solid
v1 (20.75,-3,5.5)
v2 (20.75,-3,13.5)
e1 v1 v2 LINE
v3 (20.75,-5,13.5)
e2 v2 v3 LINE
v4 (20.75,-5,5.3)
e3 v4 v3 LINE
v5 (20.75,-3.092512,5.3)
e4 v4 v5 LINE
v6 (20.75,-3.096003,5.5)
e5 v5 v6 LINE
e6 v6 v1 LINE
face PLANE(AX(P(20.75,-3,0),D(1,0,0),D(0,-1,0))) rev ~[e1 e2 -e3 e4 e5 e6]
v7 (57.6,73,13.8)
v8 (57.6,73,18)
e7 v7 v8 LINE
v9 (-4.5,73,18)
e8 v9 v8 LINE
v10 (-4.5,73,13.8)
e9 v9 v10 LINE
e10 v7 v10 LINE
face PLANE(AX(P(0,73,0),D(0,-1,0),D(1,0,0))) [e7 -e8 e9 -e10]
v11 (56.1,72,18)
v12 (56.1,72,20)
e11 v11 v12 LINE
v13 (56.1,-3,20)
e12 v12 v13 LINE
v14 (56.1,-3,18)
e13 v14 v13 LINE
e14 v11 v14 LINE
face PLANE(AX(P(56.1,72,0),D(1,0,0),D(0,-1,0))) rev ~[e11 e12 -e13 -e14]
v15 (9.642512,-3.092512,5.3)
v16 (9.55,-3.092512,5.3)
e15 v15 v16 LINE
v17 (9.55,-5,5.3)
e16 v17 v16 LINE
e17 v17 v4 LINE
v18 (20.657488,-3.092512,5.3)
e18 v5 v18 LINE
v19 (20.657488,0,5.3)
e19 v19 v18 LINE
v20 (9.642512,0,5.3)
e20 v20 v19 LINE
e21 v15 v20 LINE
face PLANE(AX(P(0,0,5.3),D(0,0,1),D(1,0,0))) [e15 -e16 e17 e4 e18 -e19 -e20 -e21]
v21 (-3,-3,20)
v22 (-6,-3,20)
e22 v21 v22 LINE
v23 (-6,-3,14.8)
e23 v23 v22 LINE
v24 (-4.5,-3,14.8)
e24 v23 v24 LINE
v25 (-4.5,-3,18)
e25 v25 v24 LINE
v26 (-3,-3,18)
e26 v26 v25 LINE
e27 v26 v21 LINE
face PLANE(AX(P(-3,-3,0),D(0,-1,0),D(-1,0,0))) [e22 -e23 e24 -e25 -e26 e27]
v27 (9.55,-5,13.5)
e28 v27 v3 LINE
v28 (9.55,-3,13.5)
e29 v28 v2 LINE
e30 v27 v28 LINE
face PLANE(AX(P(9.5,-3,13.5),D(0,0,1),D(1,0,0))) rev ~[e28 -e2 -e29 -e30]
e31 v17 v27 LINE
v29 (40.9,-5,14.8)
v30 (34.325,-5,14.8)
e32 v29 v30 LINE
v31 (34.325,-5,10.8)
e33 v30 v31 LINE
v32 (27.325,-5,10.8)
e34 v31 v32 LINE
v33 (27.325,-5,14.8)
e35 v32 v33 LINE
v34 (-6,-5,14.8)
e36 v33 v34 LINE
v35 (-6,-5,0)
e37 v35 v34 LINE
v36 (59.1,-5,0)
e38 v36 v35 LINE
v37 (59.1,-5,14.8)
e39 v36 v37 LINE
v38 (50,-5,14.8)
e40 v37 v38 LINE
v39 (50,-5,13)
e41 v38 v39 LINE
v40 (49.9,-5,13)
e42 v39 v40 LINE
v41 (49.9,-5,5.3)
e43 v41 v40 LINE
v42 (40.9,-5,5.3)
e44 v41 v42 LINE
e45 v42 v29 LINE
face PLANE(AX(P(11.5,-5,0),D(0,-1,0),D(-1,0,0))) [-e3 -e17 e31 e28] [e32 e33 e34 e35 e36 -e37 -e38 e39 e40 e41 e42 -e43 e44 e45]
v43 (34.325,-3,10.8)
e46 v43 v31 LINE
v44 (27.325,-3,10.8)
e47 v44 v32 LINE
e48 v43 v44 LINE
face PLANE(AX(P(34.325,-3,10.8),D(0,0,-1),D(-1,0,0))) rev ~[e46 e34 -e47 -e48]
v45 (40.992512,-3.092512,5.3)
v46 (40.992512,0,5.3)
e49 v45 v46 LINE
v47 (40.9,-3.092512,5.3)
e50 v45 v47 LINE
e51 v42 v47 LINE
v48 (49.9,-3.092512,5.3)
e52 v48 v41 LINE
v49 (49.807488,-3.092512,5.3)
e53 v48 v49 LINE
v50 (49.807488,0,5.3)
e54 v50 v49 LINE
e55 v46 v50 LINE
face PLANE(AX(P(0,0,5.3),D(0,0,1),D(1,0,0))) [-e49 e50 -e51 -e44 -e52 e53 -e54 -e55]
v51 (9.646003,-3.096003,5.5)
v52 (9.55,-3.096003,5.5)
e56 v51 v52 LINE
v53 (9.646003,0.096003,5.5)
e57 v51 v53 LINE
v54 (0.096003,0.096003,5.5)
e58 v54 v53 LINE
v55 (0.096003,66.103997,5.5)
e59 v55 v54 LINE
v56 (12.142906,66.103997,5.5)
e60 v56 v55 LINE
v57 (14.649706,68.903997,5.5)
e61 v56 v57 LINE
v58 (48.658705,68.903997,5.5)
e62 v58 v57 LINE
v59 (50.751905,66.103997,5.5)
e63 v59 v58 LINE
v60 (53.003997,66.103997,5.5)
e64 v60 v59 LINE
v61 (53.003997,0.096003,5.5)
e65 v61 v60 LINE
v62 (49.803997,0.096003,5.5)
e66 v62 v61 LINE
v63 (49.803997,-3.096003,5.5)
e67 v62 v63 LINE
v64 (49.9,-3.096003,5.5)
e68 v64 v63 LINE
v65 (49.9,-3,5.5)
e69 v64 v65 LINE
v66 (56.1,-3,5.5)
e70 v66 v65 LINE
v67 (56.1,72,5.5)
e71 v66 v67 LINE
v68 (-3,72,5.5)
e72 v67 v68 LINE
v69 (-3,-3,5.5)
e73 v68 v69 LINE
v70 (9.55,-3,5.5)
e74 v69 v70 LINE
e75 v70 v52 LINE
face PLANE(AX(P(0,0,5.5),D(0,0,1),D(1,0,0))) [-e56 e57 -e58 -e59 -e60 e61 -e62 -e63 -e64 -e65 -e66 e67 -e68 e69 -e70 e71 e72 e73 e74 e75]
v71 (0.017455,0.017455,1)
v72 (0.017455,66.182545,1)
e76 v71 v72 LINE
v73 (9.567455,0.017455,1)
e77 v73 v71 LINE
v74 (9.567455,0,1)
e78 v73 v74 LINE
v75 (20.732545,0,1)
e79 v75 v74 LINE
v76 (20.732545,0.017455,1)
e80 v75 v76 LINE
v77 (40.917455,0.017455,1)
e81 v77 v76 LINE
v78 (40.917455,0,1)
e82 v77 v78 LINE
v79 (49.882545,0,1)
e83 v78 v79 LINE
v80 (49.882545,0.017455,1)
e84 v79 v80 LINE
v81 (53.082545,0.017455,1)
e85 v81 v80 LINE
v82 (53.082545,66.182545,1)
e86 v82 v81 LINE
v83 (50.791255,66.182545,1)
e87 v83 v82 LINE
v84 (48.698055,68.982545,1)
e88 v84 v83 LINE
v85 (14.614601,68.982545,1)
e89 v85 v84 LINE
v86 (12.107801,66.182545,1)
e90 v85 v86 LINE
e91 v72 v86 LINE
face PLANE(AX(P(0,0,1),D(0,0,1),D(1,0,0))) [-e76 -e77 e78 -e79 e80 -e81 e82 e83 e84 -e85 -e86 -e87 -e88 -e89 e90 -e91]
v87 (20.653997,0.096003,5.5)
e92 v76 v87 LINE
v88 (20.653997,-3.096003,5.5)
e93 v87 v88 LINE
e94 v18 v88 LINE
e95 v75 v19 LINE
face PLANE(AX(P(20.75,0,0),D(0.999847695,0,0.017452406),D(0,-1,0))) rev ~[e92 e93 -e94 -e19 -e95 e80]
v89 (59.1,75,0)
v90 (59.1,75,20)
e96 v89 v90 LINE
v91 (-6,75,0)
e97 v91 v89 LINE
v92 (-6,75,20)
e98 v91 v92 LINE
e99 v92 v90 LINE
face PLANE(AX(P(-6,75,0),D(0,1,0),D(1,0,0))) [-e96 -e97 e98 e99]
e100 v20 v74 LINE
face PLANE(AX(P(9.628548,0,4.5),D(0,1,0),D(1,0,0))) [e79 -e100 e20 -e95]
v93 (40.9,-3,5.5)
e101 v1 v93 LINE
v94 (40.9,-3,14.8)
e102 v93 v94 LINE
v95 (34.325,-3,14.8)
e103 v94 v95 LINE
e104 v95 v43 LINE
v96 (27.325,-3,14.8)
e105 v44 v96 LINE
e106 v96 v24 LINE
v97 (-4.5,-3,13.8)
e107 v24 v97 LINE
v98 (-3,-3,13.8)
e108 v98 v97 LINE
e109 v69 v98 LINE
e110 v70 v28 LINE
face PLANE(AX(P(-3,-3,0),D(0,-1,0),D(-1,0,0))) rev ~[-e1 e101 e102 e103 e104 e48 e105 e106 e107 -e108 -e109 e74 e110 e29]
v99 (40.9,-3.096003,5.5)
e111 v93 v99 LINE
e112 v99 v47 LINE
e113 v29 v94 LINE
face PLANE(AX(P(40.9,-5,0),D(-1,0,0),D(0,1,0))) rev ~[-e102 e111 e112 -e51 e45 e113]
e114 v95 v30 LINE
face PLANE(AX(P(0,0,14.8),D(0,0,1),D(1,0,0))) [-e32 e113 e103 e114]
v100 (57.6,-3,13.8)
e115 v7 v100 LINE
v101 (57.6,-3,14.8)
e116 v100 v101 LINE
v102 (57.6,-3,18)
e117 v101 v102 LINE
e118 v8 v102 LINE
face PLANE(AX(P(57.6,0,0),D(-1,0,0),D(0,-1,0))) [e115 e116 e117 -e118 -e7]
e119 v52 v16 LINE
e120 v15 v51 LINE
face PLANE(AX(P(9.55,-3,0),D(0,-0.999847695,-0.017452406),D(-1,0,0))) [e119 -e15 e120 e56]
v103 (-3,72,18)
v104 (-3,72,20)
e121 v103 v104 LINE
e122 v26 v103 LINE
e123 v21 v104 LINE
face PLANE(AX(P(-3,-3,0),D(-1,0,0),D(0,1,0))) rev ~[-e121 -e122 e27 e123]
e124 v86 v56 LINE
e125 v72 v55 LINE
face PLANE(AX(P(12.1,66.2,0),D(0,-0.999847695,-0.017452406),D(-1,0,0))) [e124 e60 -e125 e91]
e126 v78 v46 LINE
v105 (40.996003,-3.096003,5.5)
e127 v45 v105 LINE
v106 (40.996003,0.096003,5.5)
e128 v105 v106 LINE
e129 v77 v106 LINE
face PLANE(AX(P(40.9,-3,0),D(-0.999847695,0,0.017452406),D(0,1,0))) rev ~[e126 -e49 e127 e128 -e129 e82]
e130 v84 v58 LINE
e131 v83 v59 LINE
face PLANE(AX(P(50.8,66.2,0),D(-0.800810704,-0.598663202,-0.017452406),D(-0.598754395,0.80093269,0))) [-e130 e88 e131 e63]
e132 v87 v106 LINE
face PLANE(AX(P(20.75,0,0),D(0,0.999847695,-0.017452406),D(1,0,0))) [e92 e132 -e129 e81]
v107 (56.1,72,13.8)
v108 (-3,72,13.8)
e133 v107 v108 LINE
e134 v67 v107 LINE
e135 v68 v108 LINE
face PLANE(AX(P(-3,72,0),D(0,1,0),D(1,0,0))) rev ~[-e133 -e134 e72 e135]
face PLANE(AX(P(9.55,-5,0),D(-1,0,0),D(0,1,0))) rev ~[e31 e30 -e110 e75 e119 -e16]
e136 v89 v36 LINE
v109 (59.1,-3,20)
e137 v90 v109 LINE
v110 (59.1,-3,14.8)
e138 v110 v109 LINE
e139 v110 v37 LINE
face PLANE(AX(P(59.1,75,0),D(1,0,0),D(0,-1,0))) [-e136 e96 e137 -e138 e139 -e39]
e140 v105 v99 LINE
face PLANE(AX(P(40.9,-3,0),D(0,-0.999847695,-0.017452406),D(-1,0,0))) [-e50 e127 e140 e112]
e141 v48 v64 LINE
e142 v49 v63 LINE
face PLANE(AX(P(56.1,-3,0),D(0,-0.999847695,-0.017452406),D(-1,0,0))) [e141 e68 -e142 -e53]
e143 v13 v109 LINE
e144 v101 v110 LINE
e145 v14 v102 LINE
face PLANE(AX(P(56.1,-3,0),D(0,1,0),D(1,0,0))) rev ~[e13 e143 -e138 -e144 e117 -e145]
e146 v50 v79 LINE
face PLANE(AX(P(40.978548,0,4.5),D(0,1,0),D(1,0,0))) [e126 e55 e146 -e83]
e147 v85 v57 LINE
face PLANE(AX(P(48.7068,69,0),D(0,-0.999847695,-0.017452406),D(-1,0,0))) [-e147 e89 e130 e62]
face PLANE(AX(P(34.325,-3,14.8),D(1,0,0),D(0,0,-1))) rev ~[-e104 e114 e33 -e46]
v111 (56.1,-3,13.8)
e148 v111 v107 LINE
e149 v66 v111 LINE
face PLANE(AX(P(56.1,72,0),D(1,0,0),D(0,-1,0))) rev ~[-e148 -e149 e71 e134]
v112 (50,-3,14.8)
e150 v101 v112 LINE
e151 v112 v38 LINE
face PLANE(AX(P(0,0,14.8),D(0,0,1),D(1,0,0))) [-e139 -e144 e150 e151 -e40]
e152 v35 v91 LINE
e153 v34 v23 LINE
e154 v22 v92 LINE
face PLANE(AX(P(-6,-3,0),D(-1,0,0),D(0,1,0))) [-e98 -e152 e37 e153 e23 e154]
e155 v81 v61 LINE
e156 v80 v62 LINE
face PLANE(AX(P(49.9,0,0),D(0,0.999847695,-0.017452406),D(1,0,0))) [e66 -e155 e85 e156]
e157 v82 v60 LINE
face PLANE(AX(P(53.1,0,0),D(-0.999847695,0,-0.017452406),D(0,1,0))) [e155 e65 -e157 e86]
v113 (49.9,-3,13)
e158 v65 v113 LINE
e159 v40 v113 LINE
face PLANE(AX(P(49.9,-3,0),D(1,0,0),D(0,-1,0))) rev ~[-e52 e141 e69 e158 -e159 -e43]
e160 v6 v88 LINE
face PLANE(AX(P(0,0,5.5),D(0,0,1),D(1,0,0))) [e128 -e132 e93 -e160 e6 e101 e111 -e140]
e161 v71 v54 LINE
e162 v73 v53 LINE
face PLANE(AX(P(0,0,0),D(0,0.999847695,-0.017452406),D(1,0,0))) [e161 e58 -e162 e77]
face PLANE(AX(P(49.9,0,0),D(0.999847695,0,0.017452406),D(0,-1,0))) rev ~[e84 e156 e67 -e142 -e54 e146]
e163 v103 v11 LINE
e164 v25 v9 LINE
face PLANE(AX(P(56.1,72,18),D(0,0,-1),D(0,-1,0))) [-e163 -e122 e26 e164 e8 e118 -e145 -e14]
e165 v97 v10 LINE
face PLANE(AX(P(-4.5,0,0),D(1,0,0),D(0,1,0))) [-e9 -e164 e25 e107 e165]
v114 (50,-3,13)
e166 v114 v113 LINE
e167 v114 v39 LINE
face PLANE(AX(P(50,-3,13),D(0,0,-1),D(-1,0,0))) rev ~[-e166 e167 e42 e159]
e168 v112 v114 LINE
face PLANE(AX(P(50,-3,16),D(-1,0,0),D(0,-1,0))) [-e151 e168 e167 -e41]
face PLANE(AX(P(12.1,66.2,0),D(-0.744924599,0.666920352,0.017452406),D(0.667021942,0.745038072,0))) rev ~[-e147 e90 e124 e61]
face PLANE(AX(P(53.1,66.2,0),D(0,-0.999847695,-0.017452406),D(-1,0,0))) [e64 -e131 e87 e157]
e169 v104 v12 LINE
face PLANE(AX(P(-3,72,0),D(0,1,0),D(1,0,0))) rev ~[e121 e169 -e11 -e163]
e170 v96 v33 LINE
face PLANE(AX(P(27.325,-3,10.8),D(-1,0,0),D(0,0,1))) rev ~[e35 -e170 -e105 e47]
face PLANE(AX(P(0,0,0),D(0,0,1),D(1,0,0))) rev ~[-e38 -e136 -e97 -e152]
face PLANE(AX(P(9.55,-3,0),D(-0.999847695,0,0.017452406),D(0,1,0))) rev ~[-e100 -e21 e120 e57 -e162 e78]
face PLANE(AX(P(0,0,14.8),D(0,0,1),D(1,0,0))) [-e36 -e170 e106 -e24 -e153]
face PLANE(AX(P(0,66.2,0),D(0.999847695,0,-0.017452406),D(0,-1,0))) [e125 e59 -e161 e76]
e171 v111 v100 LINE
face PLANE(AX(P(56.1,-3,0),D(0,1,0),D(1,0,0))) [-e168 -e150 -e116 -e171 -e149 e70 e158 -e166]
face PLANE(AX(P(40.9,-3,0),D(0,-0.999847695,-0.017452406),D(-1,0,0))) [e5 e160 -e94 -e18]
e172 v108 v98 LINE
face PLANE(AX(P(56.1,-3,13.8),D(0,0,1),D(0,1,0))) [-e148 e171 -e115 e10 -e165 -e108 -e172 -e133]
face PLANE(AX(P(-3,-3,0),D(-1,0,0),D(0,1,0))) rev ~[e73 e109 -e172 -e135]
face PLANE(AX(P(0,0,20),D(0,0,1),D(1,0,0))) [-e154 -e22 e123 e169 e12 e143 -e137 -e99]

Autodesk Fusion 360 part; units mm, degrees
sketch "Esquisse1" plane through (0, 0, 0) normal (0, 0, 1) x (1, 0, 0)
  line L0 (0, 0) -> (53.1, 0)
  line L1 (53.1, 0) -> (53.1, 66.2)
  line L2 (0, 66.2) -> (0, 0)
  line L3 (40.9, 0) -> (49.9, 0)
  line L4 (49.9, 0) -> (49.9, -5.2)
  line L5 (49.9, -5.2) -> (40.9, -5.2)
  line L6 (40.9, -5.2) -> (40.9, 0)
  line L7 (11.5, 0) -> (18.8, 0)
  line L8 (18.8, 0) -> (18.8, -1.2)
  line L9 (18.8, -1.2) -> (11.5, -1.2)
  line L10 (11.5, -1.2) -> (11.5, 0)
  line L11 (53.1, 66.2) -> (50.8, 66.2) construction
  line L12 (50.8, 66.2) -> (48.7068, 69)
  line L13 (48.7068, 69) -> (14.6068, 69)
  line L14 (12.1, 66.2) -> (14.6068, 69)
  line L15 (53.1, 66.2) -> (50.8, 66.2)
  line L16 (12.1, 66.2) -> (0, 66.2)
  line L17 (40.9, 0) -> (49.9, 0)
  line L18 (11.5, 0) -> (18.8, 0)
  line L19 (0, 33.1) -> (53.1, 33.1) construction
  line L20 (26.55, 0) -> (26.55, 33.1) construction
  line L21 (0, 66.2) -> (0, 68.7) construction
  line L22 (0, 68.7) -> (53.1, 68.7) construction
  line L23 (53.1, 68.7) -> (53.1, 66.2) construction
  line L24 (-3, 72) -> (56.1, 72)
  line L25 (56.1, 72) -> (56.1, -3)
  line L26 (56.1, -3) -> (-3, -3)
  line L27 (-3, -3) -> (-3, 72)
  line L28 (-6, 75) -> (59.1, 75)
  line L29 (59.1, 75) -> (59.1, -5)
  line L30 (59.1, -5) -> (-6, -5)
  line L31 (-6, -5) -> (-6, 75)
  line L32 (26.55, 75) -> (26.55, -5) construction
  line L33 (11.5, -1.2) -> (11.5, -5)
  line L34 (18.8, -1.2) -> (18.8, -5)
  line L35 (15.15, 0) -> (15.15, -5) construction
  line L36 (9.55, 0) -> (20.75, 0)
  line L37 (20.75, 0) -> (20.75, -5)
  line L38 (20.75, -5) -> (9.55, -5)
  line L39 (9.55, -5) -> (9.55, 0)
  line L40 (15.15, 0) -> (15.15, -5) construction
  line L41 (-3, -3) -> (-6, -3)
  line L42 (56.1, -3) -> (59.1, -3)
  dimension "d1" = 66.2
  dimension "d13" = 53.1
  dimension "d14" = 3.2
  dimension "d15" = 9
  dimension "d16" = 5.2
  dimension "d17" = 11.5
  dimension "d18" = 7.3
  dimension "d19" = 1.2
  dimension "d21" = 2.3
  dimension "d22" = 38.7
  dimension "d25" = 34.1
  dimension "d43" = 3
  dimension "d44" = 3
  dimension "d45" = 3
  dimension "d46" = 3
  dimension "d47" = 3
  dimension "d48" = 3
  dimension "d52" = 11.2
extrude "Extrusion6" add sketch "Esquisse1" along normal blind 1 contours L0 L1 L2 L3 L7 L12 L13 L14 L15 L16 L17 L18 L36
extrude "Extrusion7" add sketch "Esquisse1" along normal blind 5.5 draft 1 contours L0 L1 L2 L4 L12 L13 L14 L15 L16 L24 L25 L26 L27 L39 | L0 L6 L26 L37
extrude "Extrusion8" add sketch "Esquisse1" along normal blind 20 contours L24 L25 L27 L28 L29 L31 L41 L42
extrude "Extrusion9" add sketch "Esquisse1" along normal blind 4.5 contours L0 L10 L26 L33 L36 L39 | L0 L7 L8 L9 L10 L18 L36 | L26 L30 L33 L38 L39 | L0 L8 L26 L34 L36 L37 | L9 L26 L33 L34 | L26 L30 L33 L34 L38 | L26 L30 L34 L37 L38 | L0 L3 L4 L6 L17 L26 | L4 L6 L26 L30
extrude "Extrusion10" add sketch "Esquisse1" along normal blind 14.8 contours L26 L30 L31 L39 L41 | L6 L26 L30 L37 | L4 L26 L29 L30 L42
sketch "Esquisse2" plane through (-3, 0, 0) normal (1, 0, 0) x (0, 1, 0)
  line L0 (-3, 5.5) -> (72, 5.5)
  line L1 (72, 5.5) -> (72, 20)
  line L2 (72, 20) -> (-3, 20)
  line L3 (-3, 20) -> (-3, 14.8)
  line L4 (-3, 14.8) -> (-3, 5.5)
  line L5 (-3, 20) -> (75, 20) construction
  line L6 (-3, 18) -> (72.5, 18)
  line L7 (72.5, 18) -> (72.5, 13.8)
  line L8 (72.5, 13.8) -> (-3, 13.8)
  line L9 (-3, 13.8) -> (-3, 18)
  dimension "d65" = 2
  dimension "d66" = 4.2
  dimension "d67" = 75.5
extrude "Extrusion11" cut sketch "Esquisse2" against normal blind 1.5 contours L1 L3 L4 L6 L8 L9
sketch "Esquisse3" plane through (56.1, 0, 0) normal (-1, 0, 0) x (0, -1, 0)
  line L0 (-72, 5.5) -> (3, 5.5)
  line L1 (3, 5.5) -> (3, 14.8)
  line L2 (3, 14.8) -> (3, 20)
  line L3 (3, 20) -> (-72, 20)
  line L4 (-72, 20) -> (-72, 5.5)
  line L5 (-72, 20) -> (3, 20) construction
  line L6 (-72, 18) -> (3, 18)
  line L7 (3, 18) -> (3, 13.8)
  line L8 (3, 13.8) -> (-72, 13.8)
  line L9 (-72, 13.8) -> (-72, 18)
  dimension "d70" = 4.2
  dimension "d71" = 2
extrude "Extrusion12" cut sketch "Esquisse3" against normal blind 1.5 contours L1 L2 L4 L6 L7 L8 L9
sketch "Esquisse4" plane through (0, 72, 0) normal (0, -1, 0) x (1, 0, 0)
  line L0 (-3, 5.5) -> (56.1, 5.5)
  line L1 (56.1, 5.5) -> (56.1, 13.8)
  line L2 (56.1, 13.8) -> (57.6, 13.8)
  line L3 (57.6, 13.8) -> (57.6, 18)
  line L4 (57.6, 18) -> (56.1, 18)
  line L5 (56.1, 18) -> (56.1, 20)
  line L6 (56.1, 20) -> (-3, 20)
  line L7 (-3, 20) -> (-3, 18)
  line L8 (-3, 18) -> (-4.5, 18)
  line L9 (-4.5, 18) -> (-4.5, 13.8)
  line L10 (-4.5, 13.8) -> (-3, 13.8)
  line L11 (-3, 13.8) -> (-3, 5.5)
  line L12 (-4.5, 18) -> (57.6, 18)
  line L13 (57.6, 18) -> (57.6, 13.8)
  line L14 (57.6, 13.8) -> (-4.5, 13.8)
  line L15 (-4.5, 13.8) -> (-4.5, 18)
extrude "Extrusion13" add 2 faces at (43.9262, -1.0262, 4.5) (16.9905, -1.0262, 4.5) along direction (0, 0, 1) blind 0.8
sketch "Esquisse5" plane through (0, -3, 0) normal (0, 1, 0) x (-1, 0, 0)
  line L0 (-40.9, 5.5) -> (-20.75, 5.5)
  line L1 (-20.75, 5.5) -> (-20.75, 14.8)
  line L2 (-20.75, 14.8) -> (-40.9, 14.8)
  line L3 (-40.9, 14.8) -> (-40.9, 5.5)
  line L4 (-59.8312, 14.8) -> (5.1812, 14.8) construction
  line L5 (-50, 16) -> (-40.9, 16) construction
  line L6 (-20.75, 13.5) -> (-9.5, 13.5) construction
  line L7 (-40.9, 5.5) -> (-51, 5.5) construction
  line L8 (-51, 5.5) -> (-20.75, 5.5) construction
  line L9 (-9.284, 5.5) -> (-20.75, 5.5) construction
  line L10 (-50, 16) -> (-40.9, 16)
  line L11 (-40.9, 16) -> (-40.9, 14.8)
  line L12 (-40.9, 14.8) -> (-50, 14.8)
  line L13 (-50, 14.8) -> (-50, 16)
  line L14 (-20.75, 14.8) -> (-9.5, 14.8)
  line L15 (-9.5, 14.8) -> (-9.5, 13.5)
  line L16 (-9.5, 13.5) -> (-20.75, 13.5)
  line L17 (-20.75, 13.5) -> (-20.75, 14.8)
  line L18 (-27.325, 14.8) -> (-34.325, 14.8)
  line L19 (-34.325, 14.8) -> (-34.325, 10.8)
  line L20 (-34.325, 10.8) -> (-27.325, 10.8)
  line L21 (-27.325, 10.8) -> (-27.325, 14.8)
  line L22 (-20.75, 14.8) -> (-40.9, 14.8) construction
  line L23 (-40.9, 14.8) -> (-40.9, 5.5) construction
  line L24 (-40.9, 5.5) -> (-20.75, 5.5) construction
  line L25 (-20.75, 5.5) -> (-20.75, 14.8) construction
  line L26 (-30.825, 14.8) -> (-30.825, 10.8) construction
  line L27 (-30.825, 14.8) -> (-30.825, 5.5) construction
  dimension "d76" = 10.5
  dimension "d78" = 8
  dimension "d81" = 7
  dimension "d82" = 4
extrude "Extrusion14" add sketch "Esquisse5" against normal blind 2 contours L10 L11 L12 L13 | L1 L14 L15 L16 L17
extrude "Extrusion16" cut sketch "Esquisse5" against normal blind 2 contours L2 L18 L19 L20 L21
extrude "Extrusion17" cut sketch "Esquisse4" against normal blind 1 contours L2 L3 L4 L8 L9 L10 L12 L13 L14 L15
extrude "Extrusion19" cut 1 faces at (46.9667, -3.6667, 16) along direction (0, 0, -1) blind 3
equation "d1 = longc1"
equation "longc1 = 66.2 mm" comment "longueur Carte"
equation "largc1 = 53.1 mm" comment "largueur Carte"
equation "diffdepH = 2.5 mm" comment "différence de hauteur entre la carte et la foorme du dessus"
equation "epchar = 11 mm" comment "épaisseur de l'entrée chargeur"
equation "depconn = 1.2 mm" comment "dépassement due a l'entrée usb-c"
equation "depchar = 5.2 mm" comment "dépassement du à l'entrée charqeur"
equation "larchar = 9 mm" comment "largeur de l'entrée chargeur"
equation "larconn = 7.3 mm" comment "largeur de l'entrée USB-C"
equation "distborconn = 11.5 mm" comment "distance entre l'entrée USB-C et le bord le plus proche"
equation "distborchar = 3.2 mm" comment "distance entre l'entrée chargeur et le bord le plus proche"
equation "diffdepD = 2.3 mm" comment "distance entre bordure droit  et le dépassement"
equation "d13 = largc1"
equation "d14 = distborchar"
equation "d15 = larchar"
equation "d16 = depchar"
equation "d17 = distborconn"
equation "d18 = larconn"
equation "d19 = depconn"
equation "largdep = 34.2 mm" comment "largeur du dépassement"
equation "d21 = diffdepD"
equation "epC = 4.5 mm" comment "épaisseur de la carte"
equation "epconn = 2.5 mm" comment "epaisseur entrée usb-c"
equation "diffCB = 3 mm" comment "espace entre bordure et carte"
equation "d43 = diffCB"
equation "d44 = diffCB"
equation "d45 = diffCB"
equation "d46 = diffCB"
equation "d47 = epB"
equation "d48 = epB"
equation "epB = 3 mm" comment "épaisseur de la boite"
equation "Lpu = 11.2 mm" comment "largeur de l'embout USB-c"
equation "Hpu = 8 mm" comment "Hauteur de l'embout USB-c"
equation "d52 = Lpu"
equation "d55 = 1 mm + epC"
equation "HB = 20 mm" comment "Hauteur Boite"
equation "epV = 3.2 mm" comment "épaisseur vitre"
equation "d59 = HB"
equation "d61 = epC"
equation "d63 = HB - 2 mm - epV"
equation "d66 = epV + 1 mm"
equation "d67 = 78.000001 mm - 2.5 mm"
equation "d70 = epV + 1 mm"
equation "d76 = HC"
equation "HC = 10.5 mm" comment "hauteur del'embout chargeur"
equation "d78 = Hpu"
equation "longpin = 3 mm"
